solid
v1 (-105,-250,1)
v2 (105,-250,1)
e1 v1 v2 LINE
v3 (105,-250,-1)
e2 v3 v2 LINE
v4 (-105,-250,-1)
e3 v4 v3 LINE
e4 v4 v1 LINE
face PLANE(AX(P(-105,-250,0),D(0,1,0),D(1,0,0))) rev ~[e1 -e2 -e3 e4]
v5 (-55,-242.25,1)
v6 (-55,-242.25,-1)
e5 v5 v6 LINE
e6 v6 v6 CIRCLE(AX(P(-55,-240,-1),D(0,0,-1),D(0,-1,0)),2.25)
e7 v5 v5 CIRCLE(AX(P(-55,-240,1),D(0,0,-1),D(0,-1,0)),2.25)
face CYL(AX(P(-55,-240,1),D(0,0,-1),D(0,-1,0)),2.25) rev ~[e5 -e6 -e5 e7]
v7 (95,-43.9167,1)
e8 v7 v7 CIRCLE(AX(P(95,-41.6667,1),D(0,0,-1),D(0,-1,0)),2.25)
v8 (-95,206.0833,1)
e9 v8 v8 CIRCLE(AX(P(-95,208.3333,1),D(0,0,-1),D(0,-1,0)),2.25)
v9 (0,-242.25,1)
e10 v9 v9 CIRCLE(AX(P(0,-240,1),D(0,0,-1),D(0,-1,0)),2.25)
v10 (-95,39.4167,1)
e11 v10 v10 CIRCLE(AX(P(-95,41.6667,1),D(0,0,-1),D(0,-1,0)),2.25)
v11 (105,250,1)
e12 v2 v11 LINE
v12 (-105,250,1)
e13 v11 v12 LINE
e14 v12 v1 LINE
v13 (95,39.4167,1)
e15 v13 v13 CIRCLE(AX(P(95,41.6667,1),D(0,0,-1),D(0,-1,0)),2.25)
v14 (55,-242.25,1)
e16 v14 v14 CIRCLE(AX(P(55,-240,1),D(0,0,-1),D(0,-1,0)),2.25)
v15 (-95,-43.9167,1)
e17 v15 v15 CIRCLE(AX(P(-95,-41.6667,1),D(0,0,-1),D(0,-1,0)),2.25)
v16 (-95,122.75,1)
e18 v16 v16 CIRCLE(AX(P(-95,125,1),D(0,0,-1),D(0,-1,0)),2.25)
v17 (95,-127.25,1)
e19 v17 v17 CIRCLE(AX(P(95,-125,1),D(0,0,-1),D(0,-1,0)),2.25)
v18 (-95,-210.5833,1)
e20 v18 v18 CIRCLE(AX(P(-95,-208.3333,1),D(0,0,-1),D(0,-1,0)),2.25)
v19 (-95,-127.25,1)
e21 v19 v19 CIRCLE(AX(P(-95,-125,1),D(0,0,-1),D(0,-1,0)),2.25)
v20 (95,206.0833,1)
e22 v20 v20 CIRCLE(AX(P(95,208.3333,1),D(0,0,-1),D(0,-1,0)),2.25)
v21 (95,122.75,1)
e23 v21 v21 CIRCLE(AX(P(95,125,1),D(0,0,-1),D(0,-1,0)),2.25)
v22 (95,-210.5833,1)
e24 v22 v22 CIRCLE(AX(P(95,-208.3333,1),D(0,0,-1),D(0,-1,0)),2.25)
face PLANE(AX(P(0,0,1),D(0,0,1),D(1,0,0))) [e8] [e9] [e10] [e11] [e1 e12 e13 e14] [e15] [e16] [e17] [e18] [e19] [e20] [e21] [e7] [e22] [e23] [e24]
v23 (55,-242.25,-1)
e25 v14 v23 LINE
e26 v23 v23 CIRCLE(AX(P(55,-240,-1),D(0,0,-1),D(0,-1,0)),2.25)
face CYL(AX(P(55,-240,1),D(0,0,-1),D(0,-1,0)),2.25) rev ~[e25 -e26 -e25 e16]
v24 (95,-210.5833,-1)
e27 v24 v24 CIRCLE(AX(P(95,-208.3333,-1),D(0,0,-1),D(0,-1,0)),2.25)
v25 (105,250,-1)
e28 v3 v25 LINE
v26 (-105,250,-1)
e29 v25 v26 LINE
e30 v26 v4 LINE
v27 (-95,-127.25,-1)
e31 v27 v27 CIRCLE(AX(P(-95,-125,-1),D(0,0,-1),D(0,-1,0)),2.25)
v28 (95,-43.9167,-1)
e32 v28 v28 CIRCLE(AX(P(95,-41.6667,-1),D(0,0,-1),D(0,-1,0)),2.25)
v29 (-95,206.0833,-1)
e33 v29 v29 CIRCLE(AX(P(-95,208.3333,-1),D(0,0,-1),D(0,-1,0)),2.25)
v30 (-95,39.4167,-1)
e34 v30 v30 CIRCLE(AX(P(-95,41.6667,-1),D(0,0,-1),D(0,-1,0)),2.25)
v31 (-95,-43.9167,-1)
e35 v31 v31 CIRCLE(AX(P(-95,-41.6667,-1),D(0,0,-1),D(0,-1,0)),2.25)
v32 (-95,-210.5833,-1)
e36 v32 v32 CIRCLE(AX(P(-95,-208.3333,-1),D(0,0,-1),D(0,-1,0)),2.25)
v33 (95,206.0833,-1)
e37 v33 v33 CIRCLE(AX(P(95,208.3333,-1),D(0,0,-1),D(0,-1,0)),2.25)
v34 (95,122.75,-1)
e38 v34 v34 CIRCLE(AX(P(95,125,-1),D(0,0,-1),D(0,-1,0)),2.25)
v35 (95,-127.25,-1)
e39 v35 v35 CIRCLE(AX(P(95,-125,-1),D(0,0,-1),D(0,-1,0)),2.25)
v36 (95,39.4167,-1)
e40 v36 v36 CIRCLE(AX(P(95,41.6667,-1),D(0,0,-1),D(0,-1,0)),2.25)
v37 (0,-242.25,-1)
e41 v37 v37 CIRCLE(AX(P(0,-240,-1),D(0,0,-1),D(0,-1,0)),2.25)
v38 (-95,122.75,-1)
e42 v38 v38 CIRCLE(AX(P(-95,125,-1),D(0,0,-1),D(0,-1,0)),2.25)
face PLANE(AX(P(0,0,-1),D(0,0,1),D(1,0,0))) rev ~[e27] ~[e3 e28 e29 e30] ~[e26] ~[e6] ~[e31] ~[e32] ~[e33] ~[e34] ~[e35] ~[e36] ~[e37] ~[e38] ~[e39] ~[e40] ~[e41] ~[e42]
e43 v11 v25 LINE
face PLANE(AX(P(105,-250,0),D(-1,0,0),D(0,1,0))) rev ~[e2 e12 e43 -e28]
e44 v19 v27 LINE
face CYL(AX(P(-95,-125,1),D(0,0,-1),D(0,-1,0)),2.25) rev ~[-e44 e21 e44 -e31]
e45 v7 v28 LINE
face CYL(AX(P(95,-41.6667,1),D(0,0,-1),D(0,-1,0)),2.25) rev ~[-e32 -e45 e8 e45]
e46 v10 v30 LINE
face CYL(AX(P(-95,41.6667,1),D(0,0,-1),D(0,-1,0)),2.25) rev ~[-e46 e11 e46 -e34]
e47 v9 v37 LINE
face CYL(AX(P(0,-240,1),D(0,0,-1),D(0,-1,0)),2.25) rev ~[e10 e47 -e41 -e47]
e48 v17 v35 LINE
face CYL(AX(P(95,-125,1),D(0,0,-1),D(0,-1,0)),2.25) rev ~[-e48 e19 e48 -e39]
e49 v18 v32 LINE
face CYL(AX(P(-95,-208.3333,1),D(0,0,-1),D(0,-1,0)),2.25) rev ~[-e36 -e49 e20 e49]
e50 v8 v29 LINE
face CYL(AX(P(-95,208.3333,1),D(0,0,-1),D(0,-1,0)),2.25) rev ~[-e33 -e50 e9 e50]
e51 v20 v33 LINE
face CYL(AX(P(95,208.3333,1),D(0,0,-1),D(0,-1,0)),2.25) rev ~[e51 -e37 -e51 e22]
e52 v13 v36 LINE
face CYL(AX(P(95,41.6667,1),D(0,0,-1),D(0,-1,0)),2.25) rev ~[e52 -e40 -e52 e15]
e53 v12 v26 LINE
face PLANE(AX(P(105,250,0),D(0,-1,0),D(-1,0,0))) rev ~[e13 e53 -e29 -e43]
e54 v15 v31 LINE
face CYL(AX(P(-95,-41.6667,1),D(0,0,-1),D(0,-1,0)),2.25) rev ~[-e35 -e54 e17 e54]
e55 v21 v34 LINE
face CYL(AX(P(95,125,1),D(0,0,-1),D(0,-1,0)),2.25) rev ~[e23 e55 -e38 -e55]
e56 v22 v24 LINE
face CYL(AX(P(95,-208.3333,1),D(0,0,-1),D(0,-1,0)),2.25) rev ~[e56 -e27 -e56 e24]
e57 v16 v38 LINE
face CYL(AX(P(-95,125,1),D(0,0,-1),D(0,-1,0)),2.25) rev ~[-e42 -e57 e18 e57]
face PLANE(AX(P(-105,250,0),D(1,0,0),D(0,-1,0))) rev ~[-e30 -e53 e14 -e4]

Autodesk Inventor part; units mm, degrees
ref_plane "YZ Plane" through (0, 0, 0) normal (1, 0, 0) x (0, 1, 0)
ref_plane "XZ Plane" through (0, 0, 0) normal (0, 1, 0) x (-1, 0, 0)
ref_plane "XY Plane" through (0, 0, 0) normal (0, 0, 1) x (1, 0, 0)
sketch "Skizze1" plane through (0, 0, 0) normal (0, 0, 1) x (1, 0, 0)
  line L0 (-105, -250) -> (105, -250)
  line L1 (105, -250) -> (105, 250)
  line L2 (105, 250) -> (-105, 250)
  line L3 (-105, 250) -> (-105, -250)
  line L4 (-105, -250) -> (105, 250) construction
  line L5 (105, -250) -> (-105, 250) construction
  point P0 (0, 0)
  dimension "d0" = 500
  dimension "d1" = 210
extrude "Grundkörper" add sketch "Skizze1" along normal mid plane 2
sketch "Skizze2" plane through (0, 0, 1) normal (0, 0, 1) x (1, 0, 0)
  line L0 (-105, 250) -> (-105, -250) construction
  line L1 (0, 350) -> (0, -350) construction
  line L2 (-147, 0) -> (147, 0) construction
  line L3 (105, 250) -> (-105, 250) construction
  line L4 (-95, 250) -> (-95, -250) construction
  line L5 (-105, -250) -> (105, -250) construction
  line L6 (-95, -240) -> (105, -240) construction
  line L7 (105, -250) -> (105, 250) construction
  point P0 (0, 0)
  point P1 (-95, -208.3333)
  point P2 (-95, -125)
  point P3 (-95, -41.6667)
  point P4 (-95, 41.6667)
  point P5 (-95, 125)
  point P6 (-95, 208.3333)
  point P7 (95, -208.3333)
  point P8 (95, -125)
  point P9 (95, -41.6667)
  point P10 (95, 41.6667)
  point P11 (95, 125)
  point P12 (95, 208.3333)
  point P13 (0, -240)
  point P14 (55, -240)
  point P15 (-55, -240)
  dimension "d4" = 10
  dimension "d20" = 41.6667
  dimension "d23" = 83.3333
  dimension "d28" = 10
  dimension "d29" = 110
hole "M4_Boh" at (-95, -208.3333, 1) at (-95, -125, 1) at (-95, -41.6667, 1) at (-95, 41.6667, 1) at (-95, 125, 1) at (-95, 208.3333, 1) at (95, 208.3333, 1) at (95, 125, 1) at (95, 41.6667, 1) at (95, -41.6667, 1) at (95, -125, 1) at (95, -208.3333, 1) at (-55, -240, 1) at (0, -240, 1) at (55, -240, 1) direction (0, 0, -1) diameter 4.5 end through all
equation "\"d0\" = Chassis_Length"
equation "\"d20\" = 0.0833333 * Chassis_Length"
equation "\"d23\" = 0.166667 * Chassis_Length"
equation "\"d28\" = d4"
equation "\"d29\" = 0.5 * Chassis_Width"
equation "\"Chassis_Length\" = 500"
equation "\"Rocker_Screw_Distance\" = 32.5"
equation "\"Rocker_Screw_Distance_Bottom\" = 76"
equation "\"Chassis_Width\" = 220"
properties part number "100-10-FRAME-BOTTOM-PLATE" material "Edelstahl"
